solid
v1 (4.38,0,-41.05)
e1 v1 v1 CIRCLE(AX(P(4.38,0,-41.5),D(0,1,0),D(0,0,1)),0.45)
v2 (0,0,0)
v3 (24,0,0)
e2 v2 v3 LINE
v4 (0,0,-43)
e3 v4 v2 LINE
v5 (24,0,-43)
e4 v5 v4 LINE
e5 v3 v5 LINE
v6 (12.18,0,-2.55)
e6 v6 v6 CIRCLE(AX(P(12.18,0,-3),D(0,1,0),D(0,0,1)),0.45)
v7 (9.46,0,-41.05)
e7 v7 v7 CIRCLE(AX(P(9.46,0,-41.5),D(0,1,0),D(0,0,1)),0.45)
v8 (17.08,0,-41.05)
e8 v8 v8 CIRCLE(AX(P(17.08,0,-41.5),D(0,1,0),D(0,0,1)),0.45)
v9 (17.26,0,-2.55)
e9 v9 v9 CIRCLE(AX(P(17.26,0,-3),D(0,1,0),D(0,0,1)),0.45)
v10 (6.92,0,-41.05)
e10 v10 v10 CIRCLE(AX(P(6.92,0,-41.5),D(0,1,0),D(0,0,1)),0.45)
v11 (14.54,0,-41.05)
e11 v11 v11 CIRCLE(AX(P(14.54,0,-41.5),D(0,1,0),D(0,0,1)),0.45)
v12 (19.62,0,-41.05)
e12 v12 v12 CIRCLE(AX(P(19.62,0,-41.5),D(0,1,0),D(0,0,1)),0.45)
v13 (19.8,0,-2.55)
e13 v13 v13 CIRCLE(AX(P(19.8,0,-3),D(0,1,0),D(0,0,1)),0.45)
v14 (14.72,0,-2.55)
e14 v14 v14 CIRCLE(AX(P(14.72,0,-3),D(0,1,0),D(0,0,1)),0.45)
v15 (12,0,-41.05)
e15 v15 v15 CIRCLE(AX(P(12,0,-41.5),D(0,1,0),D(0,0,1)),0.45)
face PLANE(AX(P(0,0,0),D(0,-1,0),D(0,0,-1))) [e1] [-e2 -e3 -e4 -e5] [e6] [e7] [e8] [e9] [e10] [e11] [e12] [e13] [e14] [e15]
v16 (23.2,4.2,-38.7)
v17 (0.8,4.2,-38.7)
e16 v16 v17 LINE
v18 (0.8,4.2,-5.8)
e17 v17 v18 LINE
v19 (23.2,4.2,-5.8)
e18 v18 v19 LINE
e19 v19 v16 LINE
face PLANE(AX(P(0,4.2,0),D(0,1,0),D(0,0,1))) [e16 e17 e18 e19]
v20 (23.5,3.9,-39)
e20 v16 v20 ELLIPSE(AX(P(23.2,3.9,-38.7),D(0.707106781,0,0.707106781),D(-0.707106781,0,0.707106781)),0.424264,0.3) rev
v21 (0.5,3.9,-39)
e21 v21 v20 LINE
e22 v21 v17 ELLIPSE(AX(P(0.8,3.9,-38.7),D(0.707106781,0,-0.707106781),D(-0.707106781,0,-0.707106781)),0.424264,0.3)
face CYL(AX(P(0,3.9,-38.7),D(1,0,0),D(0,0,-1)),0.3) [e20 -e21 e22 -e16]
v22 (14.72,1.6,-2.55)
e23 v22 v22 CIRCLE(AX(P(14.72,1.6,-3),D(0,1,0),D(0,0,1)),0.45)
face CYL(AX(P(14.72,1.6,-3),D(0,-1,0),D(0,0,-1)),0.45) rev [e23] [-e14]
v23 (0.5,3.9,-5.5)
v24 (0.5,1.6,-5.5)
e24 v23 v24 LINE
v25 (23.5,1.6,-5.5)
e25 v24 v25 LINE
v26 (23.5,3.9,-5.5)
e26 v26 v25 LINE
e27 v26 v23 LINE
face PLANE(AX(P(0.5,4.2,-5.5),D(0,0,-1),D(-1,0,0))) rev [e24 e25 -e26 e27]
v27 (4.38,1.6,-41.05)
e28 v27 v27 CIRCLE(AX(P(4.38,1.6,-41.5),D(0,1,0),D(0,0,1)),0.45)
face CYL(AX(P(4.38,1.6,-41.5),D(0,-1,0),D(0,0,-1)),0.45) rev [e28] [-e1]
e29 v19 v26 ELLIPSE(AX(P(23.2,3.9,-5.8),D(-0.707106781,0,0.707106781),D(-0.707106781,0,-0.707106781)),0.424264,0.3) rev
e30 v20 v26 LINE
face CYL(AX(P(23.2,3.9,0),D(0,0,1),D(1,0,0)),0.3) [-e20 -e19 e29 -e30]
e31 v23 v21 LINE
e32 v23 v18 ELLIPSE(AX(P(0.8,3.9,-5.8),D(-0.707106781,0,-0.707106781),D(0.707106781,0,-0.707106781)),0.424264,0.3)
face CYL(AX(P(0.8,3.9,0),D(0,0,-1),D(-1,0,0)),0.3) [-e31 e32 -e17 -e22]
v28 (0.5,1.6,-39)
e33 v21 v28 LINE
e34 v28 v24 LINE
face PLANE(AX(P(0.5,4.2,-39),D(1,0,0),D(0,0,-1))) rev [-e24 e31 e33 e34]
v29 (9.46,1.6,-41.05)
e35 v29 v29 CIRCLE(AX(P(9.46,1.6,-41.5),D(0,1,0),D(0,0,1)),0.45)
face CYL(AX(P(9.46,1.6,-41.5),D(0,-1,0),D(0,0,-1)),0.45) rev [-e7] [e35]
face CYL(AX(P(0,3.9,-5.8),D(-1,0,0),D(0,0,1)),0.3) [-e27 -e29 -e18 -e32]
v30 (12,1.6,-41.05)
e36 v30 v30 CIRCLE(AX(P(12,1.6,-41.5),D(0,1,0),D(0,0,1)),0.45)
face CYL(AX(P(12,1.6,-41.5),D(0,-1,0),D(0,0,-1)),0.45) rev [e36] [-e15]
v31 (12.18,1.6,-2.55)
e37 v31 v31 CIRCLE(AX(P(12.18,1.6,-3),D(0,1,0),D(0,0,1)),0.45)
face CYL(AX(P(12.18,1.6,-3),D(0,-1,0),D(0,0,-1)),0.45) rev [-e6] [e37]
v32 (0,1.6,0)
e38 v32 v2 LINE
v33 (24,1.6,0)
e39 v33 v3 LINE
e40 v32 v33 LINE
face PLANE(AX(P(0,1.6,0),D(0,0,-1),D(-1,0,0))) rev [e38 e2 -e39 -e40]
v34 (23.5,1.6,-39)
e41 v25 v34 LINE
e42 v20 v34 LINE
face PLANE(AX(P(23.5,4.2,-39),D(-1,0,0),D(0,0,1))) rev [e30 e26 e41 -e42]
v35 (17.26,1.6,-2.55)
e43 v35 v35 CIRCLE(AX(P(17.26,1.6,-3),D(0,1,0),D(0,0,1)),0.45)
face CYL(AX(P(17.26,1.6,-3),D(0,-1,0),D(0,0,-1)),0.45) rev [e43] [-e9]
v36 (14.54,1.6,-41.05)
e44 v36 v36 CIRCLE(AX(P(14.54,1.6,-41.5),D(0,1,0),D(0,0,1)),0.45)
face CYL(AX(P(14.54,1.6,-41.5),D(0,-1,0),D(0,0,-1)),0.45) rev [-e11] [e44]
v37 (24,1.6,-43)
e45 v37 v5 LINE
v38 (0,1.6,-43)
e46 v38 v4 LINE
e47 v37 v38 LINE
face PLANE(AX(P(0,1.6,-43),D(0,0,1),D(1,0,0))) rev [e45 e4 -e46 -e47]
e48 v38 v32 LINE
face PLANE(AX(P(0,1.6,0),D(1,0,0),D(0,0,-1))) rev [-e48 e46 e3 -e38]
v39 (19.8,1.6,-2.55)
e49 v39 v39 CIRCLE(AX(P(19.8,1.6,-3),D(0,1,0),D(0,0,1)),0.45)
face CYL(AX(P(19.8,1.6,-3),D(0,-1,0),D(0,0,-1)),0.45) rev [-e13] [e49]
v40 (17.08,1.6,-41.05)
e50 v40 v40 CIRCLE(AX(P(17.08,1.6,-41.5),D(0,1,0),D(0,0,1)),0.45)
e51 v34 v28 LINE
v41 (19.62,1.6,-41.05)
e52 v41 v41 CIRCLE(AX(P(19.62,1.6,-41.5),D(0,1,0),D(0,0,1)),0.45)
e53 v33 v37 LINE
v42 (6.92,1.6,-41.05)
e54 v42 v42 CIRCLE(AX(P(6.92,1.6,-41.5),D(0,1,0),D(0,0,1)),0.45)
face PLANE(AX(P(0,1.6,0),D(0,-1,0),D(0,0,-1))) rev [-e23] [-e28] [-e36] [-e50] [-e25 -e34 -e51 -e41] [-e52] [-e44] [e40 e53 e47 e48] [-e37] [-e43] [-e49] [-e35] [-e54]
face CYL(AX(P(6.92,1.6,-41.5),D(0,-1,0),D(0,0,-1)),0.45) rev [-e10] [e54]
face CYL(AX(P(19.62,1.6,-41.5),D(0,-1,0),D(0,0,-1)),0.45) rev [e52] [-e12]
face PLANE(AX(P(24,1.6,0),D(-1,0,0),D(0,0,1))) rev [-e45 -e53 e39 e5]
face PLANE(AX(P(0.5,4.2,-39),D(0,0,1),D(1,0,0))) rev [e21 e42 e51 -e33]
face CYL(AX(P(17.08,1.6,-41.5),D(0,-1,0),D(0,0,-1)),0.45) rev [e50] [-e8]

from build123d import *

# Parameters (mm, degrees)
SKETCH1_W           = 24
SKETCH1_H           = 43
SKETCH1_R           = 0.45
BOSS_EXTRUDE1_DEPTH = 1.6
SKETCH2_W           = 23
SKETCH2_H           = 33.5
BOSS_EXTRUDE2_DEPTH = 2.6
FILLET1_R           = 0.3


with BuildPart() as part:
    # Sketch1 → Boss-Extrude1 (new body)
    with BuildSketch(Plane(origin=(0, 0, 0), x_dir=(1, 0, 0), z_dir=(0, 1, 0))):
        with Locations((12, 21.5)):
            Rectangle(SKETCH1_W, SKETCH1_H)
        with Locations(Location((19.62, 41.5, 0), (0, 0, 270))):
            Circle(SKETCH1_R, mode=Mode.SUBTRACT)
        with Locations(Location((17.08, 41.5, 0), (0, 0, 270))):
            Circle(SKETCH1_R, mode=Mode.SUBTRACT)
        with Locations(Location((14.54, 41.5, 0), (0, 0, 270))):
            Circle(SKETCH1_R, mode=Mode.SUBTRACT)
        with Locations(Location((12, 41.5, 0), (0, 0, 270))):
            Circle(SKETCH1_R, mode=Mode.SUBTRACT)
        with Locations(Location((9.46, 41.5, 0), (0, 0, 270))):
            Circle(SKETCH1_R, mode=Mode.SUBTRACT)
        with Locations(Location((6.92, 41.5, 0), (0, 0, 270))):
            Circle(SKETCH1_R, mode=Mode.SUBTRACT)
        with Locations(Location((4.38, 41.5, 0), (0, 0, 270))):
            Circle(SKETCH1_R, mode=Mode.SUBTRACT)
        with Locations(Location((19.8, 3, 0), (0, 0, 270))):
            Circle(SKETCH1_R, mode=Mode.SUBTRACT)
        with Locations(Location((17.26, 3, 0), (0, 0, 270))):
            Circle(SKETCH1_R, mode=Mode.SUBTRACT)
        with Locations(Location((14.72, 3, 0), (0, 0, 270))):
            Circle(SKETCH1_R, mode=Mode.SUBTRACT)
        with Locations(Location((12.18, 3, 0), (0, 0, 270))):
            Circle(SKETCH1_R, mode=Mode.SUBTRACT)
    extrude(amount=BOSS_EXTRUDE1_DEPTH)

    # Sketch2 → Boss-Extrude2 (add)
    with BuildSketch(Plane(origin=(0, 1.6, 0), x_dir=(1, 0, 0), z_dir=(0, 1, 0))):
        with Locations((12, 22.25)):
            Rectangle(SKETCH2_W, SKETCH2_H)
    extrude(amount=BOSS_EXTRUDE2_DEPTH)

    # Fillet1
    fillet1_edges = [part.edges().sort_by_distance(p)[0] for p in [
        (0.5, 4.2, -22.25),
        (12, 4.2, -5.5),
        (23.5, 4.2, -22.25),
        (12, 4.2, -39),
    ]]
    fillet(fillet1_edges, radius=FILLET1_R)


solid = part.part
